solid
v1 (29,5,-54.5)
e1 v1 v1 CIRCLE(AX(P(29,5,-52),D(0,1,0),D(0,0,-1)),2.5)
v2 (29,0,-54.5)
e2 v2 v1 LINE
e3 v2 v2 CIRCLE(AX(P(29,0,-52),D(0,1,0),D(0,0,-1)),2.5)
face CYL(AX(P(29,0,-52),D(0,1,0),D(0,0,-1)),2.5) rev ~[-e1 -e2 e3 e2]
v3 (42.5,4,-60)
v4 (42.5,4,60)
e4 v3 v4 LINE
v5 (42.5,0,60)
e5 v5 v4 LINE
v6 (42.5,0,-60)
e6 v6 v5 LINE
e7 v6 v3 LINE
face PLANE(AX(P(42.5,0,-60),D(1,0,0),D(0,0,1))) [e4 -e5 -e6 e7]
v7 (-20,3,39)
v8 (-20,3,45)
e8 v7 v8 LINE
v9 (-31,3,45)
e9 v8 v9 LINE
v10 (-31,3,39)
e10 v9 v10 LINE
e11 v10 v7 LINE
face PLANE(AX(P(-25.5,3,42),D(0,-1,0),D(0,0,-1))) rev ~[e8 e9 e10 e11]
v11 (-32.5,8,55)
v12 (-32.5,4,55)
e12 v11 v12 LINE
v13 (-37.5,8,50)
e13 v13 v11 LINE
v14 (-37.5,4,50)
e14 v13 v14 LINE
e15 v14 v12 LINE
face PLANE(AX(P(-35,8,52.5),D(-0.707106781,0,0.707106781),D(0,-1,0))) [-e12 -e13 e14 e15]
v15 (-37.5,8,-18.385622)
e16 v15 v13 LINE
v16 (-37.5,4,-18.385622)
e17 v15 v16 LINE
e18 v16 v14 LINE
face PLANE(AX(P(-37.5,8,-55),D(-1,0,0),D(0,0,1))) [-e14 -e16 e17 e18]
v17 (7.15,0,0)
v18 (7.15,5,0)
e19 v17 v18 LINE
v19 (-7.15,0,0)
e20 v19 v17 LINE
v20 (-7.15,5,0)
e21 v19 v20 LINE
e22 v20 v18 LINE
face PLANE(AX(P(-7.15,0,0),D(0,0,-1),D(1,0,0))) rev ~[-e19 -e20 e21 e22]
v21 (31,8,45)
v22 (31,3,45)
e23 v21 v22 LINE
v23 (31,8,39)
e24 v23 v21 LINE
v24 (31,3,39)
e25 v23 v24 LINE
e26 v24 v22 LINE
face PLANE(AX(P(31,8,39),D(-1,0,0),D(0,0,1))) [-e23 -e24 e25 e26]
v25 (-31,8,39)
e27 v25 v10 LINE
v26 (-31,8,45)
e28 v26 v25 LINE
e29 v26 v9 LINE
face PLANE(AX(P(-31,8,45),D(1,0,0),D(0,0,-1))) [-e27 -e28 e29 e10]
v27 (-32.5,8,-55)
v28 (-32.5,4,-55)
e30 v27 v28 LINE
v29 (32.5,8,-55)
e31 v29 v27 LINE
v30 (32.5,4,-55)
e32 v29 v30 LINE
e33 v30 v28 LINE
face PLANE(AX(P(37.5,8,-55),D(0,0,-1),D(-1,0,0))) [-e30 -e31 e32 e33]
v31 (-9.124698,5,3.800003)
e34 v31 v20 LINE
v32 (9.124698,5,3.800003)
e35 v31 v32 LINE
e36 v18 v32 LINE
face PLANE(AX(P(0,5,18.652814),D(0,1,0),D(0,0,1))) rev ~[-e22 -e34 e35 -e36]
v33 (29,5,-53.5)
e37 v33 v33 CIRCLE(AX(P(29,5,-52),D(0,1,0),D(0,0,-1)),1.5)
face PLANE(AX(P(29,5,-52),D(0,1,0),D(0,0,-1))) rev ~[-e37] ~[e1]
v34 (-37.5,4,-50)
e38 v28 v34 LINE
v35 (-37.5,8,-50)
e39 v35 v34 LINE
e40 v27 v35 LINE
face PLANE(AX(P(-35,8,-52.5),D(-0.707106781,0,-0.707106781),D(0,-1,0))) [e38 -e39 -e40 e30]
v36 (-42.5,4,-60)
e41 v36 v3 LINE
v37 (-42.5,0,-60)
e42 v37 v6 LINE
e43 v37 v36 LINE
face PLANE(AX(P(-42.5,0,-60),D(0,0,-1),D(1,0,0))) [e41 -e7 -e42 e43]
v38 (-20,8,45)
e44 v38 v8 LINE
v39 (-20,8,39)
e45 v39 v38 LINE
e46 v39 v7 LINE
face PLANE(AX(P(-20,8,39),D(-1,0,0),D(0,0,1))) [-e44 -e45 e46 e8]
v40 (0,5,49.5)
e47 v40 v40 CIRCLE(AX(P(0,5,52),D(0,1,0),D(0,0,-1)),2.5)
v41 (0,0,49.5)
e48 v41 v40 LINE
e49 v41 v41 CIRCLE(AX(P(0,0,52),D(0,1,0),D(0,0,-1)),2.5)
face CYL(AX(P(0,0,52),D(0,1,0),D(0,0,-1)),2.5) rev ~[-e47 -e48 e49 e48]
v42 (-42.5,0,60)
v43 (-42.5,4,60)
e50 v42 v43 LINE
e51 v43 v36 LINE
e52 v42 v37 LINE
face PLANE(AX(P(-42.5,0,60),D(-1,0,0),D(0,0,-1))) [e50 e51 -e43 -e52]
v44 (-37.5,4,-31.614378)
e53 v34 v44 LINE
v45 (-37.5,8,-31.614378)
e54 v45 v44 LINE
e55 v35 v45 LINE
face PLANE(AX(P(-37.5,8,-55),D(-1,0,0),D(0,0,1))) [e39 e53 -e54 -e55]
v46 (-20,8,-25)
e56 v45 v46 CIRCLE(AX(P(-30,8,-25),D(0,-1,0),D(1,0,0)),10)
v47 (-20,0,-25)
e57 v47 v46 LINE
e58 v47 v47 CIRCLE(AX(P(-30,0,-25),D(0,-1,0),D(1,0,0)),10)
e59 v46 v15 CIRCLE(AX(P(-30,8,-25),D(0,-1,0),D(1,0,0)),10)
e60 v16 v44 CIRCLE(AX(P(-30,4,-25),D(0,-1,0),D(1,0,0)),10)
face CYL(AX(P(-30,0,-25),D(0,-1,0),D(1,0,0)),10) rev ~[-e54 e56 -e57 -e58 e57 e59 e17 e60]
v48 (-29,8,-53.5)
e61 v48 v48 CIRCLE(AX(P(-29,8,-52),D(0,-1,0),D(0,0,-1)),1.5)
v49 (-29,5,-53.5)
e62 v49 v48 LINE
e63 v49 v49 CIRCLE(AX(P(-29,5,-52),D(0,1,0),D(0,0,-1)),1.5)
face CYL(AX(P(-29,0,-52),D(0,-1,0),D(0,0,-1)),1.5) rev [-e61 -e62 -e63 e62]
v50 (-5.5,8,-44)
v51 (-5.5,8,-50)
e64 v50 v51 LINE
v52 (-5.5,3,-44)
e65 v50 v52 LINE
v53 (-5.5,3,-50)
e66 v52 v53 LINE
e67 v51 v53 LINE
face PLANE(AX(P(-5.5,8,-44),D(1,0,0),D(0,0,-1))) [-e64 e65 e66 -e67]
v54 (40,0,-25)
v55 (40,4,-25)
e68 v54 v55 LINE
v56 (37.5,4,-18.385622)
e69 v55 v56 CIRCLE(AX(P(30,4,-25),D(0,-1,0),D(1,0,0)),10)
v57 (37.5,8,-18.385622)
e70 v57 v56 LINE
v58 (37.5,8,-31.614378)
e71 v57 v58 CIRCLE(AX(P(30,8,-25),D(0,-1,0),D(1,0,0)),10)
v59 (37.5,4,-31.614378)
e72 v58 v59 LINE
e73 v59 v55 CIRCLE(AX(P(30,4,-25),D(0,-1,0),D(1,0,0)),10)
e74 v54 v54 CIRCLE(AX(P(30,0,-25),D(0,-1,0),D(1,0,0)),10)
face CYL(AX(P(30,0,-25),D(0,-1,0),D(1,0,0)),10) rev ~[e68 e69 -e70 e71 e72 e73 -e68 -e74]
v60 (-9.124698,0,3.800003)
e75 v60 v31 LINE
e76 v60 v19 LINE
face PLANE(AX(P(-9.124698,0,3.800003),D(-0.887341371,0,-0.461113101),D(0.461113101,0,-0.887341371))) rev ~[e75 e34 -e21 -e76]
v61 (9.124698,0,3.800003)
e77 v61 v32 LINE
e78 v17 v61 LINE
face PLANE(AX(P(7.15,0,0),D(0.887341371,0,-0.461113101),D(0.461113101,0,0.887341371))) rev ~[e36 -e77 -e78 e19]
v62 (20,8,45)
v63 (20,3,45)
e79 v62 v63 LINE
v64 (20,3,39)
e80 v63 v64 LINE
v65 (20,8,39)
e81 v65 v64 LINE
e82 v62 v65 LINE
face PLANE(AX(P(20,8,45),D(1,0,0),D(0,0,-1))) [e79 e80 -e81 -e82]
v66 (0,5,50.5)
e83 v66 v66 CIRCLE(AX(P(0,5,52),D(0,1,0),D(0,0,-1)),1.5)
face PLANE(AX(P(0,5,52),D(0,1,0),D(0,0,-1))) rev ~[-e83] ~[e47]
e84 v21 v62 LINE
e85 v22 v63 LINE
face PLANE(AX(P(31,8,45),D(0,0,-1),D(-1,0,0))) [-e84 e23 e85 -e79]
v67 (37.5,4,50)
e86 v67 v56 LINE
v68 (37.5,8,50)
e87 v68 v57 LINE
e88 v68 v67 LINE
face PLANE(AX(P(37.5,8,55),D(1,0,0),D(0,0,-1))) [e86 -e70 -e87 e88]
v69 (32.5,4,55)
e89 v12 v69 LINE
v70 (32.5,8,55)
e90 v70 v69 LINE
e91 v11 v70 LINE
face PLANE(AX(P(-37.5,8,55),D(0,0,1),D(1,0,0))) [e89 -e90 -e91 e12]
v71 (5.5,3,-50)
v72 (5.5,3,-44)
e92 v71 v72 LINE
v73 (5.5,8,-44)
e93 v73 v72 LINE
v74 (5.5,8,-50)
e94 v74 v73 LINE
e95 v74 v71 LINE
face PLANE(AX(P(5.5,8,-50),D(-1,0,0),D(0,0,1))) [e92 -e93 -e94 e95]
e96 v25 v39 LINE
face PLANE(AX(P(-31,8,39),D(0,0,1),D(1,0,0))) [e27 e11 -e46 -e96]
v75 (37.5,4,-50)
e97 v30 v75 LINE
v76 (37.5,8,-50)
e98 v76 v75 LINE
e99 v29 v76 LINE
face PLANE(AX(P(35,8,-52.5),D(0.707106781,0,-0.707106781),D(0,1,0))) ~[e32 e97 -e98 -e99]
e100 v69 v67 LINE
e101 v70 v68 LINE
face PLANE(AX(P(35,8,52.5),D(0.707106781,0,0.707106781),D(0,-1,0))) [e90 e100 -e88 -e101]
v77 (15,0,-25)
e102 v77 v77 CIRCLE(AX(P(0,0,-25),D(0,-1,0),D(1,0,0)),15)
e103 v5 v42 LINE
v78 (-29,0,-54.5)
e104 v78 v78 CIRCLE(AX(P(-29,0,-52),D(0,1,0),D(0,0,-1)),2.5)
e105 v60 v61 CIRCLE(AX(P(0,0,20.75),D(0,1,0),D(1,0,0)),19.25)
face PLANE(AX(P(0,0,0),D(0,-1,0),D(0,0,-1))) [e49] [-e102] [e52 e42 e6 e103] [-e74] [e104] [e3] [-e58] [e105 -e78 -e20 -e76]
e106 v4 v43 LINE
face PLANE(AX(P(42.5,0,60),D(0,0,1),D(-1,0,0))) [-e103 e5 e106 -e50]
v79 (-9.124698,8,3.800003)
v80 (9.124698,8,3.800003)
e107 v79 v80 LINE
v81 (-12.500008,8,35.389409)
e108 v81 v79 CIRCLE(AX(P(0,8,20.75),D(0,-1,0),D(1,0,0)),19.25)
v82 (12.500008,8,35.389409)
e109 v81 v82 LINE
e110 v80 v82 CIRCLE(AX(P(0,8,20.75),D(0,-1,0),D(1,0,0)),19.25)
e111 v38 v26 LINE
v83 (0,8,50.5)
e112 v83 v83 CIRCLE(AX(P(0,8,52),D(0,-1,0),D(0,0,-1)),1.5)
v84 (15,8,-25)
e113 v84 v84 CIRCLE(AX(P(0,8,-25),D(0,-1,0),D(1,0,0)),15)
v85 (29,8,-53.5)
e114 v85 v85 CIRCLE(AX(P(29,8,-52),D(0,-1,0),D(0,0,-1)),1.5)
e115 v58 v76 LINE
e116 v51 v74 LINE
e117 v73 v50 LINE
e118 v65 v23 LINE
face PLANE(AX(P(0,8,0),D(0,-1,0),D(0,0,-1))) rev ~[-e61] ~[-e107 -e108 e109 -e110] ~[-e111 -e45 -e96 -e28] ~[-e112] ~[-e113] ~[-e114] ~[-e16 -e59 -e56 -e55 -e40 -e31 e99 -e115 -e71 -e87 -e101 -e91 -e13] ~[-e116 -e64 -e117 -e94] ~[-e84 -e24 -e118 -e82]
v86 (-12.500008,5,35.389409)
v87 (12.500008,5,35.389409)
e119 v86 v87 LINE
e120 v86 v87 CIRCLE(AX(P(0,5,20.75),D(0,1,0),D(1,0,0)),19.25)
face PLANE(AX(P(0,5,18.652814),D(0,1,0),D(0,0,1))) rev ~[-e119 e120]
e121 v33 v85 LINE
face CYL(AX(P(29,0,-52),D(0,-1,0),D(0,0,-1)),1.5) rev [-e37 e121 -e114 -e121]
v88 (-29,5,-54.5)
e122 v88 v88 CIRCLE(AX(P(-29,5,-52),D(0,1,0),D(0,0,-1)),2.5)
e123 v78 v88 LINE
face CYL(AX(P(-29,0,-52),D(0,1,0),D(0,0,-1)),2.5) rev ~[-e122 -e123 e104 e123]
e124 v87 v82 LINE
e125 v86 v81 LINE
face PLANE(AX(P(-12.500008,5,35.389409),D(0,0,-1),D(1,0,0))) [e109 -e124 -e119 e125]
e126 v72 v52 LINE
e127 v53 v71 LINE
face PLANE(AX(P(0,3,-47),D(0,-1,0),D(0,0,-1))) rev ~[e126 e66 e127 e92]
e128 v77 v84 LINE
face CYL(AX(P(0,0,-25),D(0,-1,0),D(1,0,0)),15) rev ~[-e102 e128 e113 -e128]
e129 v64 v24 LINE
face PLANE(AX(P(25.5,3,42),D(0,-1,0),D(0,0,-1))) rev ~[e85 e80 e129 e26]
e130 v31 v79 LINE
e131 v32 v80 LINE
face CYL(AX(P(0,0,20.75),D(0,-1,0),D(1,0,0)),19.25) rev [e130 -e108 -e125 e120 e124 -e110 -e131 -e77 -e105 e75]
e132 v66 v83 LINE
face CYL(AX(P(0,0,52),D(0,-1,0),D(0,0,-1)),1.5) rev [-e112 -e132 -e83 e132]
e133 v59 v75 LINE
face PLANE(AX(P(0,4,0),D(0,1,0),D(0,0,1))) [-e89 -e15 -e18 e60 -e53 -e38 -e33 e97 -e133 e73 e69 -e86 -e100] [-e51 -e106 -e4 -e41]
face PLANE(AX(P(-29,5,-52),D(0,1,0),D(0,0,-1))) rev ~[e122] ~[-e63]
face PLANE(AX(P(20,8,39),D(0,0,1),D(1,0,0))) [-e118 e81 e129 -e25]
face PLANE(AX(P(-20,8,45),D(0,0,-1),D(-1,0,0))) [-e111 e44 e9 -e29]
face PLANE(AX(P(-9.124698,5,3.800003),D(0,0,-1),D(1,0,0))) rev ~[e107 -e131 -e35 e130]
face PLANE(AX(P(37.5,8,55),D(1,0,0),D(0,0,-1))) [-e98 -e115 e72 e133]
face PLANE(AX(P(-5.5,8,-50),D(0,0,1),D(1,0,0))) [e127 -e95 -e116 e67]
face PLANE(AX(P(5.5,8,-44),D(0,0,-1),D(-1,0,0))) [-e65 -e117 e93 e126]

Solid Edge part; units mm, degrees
sketch "Sketch1" plane through (0, 0, 0) normal (0, -1, 0) x (1, 0, 0)
  line L0 (-42.5, -60) -> (42.5, -60)
  line L1 (42.5, -60) -> (42.5, 60)
  line L2 (42.5, 60) -> (-42.5, 60)
  line L3 (-42.5, 60) -> (-42.5, -60)
  dimension "D1" = 85
  dimension "D2" = 120
extrude "Protrusion1" add sketch "Sketch1" against normal blind 8
sketch "Sketch2" plane through (0, 0, 0) normal (0, -1, 0) x (1, 0, 0)
  arc A0 (-9.1247, 3.8) -> (9.1247, 3.8) centre (0, 20.75) cw
  line L0 (7.15, 0) -> (9.1247, 3.8)
  line L1 (-7.15, 0) -> (7.15, 0)
  line L2 (-9.1247, 3.8) -> (-7.15, 0)
  dimension "D1" = 19.25
  dimension "D2" = 14.3
  dimension "D3" = 40
  dimension "D4" = 3.8
  dimension "D5" = 20
extrude "display_cut_1" cut sketch "Sketch2" against normal blind 5
sketch "Sketch3" plane through (0, 5, 10) normal (0, -1, 0) x (1, 0, 0)
  arc A0 (12.5, 25.3894) -> (9.1247, -6.2) centre (0, 10.75) cw
  line L0 (-9.1247, -6.2) -> (9.1247, -6.2)
  arc A1 (-12.5, 25.3894) -> (-9.1247, -6.2) centre (0, 10.75) ccw
  line L1 (-12.5, 25.3894) -> (12.5, 25.3894)
  dimension "D1" = 25
  dimension "D2" = 4.6106
extrude "Cutout1" cut sketch "Sketch3" against normal through all
sketch "Sketch4" plane through (0, 0, 0) normal (0, -1, 0) x (1, 0, 0)
  circle A0 centre (0, -25) radius 15
  circle A1 centre (-30, -25) radius 10
  circle A2 centre (30, -25) radius 10
  dimension "D1" = 30
  dimension "D2" = 35
  dimension "D3" = 20
  dimension "D4" = 80
extrude "Cutout2" cut sketch "Sketch4" against normal through all
sketch "Sketch5" plane through (0, 8, 0) normal (0, 1, 0) x (-1, 0, 0)
  line L0 (-5.5, -44) -> (5.5, -44)
  line L1 (5.5, -44) -> (5.5, -50)
  line L2 (5.5, -50) -> (-5.5, -50)
  line L3 (-5.5, -50) -> (-5.5, -44)
  line L4 (-31, 45) -> (-20, 45)
  line L5 (-20, 45) -> (-20, 39)
  line L6 (-20, 39) -> (-31, 39)
  line L7 (-31, 39) -> (-31, 45)
  line L8 (20, 45) -> (31, 45)
  line L9 (31, 45) -> (31, 39)
  line L10 (31, 39) -> (20, 39)
  line L11 (20, 39) -> (20, 45)
extrude "GY_521" cut sketch "Sketch5" against normal blind 5
sketch "Sketch6" plane through (0, 8, 0) normal (0, 1, 0) x (-1, 0, 0)
  line L0 (-37.5, -55) -> (37.5, -55)
  line L1 (37.5, -55) -> (37.5, 55)
  line L2 (37.5, 55) -> (-37.5, 55)
  line L3 (-37.5, 55) -> (-37.5, -55)
  dimension "D1" = 5
  dimension "D2" = 5
  dimension "D3" = 5
extrude "Extrusionsausschnitt_6" cut sketch "Sketch6" against normal blind 4 flip side to cut
chamfer "Fase_1" distance 5 angle 45 4 edges at (37.5, 6, 55) (-37.5, 6, 55) (-37.5, 6, -55) (37.5, 6, -55)
hole "Bohrung_1" at (0, 0, 52) direction (0, 1, 0) diameter 3 end up to next counterbore diameter 5 counterbore depth 5
hole "Hole1" at (-29, 0, -52) direction (0, 1, 0) diameter 3 end up to next counterbore diameter 5 counterbore depth 5
hole "Hole2" at (29, 0, -52) direction (0, 1, 0) diameter 3 end up to next counterbore diameter 5 counterbore depth 5
properties material "Nylon, allgemein"
